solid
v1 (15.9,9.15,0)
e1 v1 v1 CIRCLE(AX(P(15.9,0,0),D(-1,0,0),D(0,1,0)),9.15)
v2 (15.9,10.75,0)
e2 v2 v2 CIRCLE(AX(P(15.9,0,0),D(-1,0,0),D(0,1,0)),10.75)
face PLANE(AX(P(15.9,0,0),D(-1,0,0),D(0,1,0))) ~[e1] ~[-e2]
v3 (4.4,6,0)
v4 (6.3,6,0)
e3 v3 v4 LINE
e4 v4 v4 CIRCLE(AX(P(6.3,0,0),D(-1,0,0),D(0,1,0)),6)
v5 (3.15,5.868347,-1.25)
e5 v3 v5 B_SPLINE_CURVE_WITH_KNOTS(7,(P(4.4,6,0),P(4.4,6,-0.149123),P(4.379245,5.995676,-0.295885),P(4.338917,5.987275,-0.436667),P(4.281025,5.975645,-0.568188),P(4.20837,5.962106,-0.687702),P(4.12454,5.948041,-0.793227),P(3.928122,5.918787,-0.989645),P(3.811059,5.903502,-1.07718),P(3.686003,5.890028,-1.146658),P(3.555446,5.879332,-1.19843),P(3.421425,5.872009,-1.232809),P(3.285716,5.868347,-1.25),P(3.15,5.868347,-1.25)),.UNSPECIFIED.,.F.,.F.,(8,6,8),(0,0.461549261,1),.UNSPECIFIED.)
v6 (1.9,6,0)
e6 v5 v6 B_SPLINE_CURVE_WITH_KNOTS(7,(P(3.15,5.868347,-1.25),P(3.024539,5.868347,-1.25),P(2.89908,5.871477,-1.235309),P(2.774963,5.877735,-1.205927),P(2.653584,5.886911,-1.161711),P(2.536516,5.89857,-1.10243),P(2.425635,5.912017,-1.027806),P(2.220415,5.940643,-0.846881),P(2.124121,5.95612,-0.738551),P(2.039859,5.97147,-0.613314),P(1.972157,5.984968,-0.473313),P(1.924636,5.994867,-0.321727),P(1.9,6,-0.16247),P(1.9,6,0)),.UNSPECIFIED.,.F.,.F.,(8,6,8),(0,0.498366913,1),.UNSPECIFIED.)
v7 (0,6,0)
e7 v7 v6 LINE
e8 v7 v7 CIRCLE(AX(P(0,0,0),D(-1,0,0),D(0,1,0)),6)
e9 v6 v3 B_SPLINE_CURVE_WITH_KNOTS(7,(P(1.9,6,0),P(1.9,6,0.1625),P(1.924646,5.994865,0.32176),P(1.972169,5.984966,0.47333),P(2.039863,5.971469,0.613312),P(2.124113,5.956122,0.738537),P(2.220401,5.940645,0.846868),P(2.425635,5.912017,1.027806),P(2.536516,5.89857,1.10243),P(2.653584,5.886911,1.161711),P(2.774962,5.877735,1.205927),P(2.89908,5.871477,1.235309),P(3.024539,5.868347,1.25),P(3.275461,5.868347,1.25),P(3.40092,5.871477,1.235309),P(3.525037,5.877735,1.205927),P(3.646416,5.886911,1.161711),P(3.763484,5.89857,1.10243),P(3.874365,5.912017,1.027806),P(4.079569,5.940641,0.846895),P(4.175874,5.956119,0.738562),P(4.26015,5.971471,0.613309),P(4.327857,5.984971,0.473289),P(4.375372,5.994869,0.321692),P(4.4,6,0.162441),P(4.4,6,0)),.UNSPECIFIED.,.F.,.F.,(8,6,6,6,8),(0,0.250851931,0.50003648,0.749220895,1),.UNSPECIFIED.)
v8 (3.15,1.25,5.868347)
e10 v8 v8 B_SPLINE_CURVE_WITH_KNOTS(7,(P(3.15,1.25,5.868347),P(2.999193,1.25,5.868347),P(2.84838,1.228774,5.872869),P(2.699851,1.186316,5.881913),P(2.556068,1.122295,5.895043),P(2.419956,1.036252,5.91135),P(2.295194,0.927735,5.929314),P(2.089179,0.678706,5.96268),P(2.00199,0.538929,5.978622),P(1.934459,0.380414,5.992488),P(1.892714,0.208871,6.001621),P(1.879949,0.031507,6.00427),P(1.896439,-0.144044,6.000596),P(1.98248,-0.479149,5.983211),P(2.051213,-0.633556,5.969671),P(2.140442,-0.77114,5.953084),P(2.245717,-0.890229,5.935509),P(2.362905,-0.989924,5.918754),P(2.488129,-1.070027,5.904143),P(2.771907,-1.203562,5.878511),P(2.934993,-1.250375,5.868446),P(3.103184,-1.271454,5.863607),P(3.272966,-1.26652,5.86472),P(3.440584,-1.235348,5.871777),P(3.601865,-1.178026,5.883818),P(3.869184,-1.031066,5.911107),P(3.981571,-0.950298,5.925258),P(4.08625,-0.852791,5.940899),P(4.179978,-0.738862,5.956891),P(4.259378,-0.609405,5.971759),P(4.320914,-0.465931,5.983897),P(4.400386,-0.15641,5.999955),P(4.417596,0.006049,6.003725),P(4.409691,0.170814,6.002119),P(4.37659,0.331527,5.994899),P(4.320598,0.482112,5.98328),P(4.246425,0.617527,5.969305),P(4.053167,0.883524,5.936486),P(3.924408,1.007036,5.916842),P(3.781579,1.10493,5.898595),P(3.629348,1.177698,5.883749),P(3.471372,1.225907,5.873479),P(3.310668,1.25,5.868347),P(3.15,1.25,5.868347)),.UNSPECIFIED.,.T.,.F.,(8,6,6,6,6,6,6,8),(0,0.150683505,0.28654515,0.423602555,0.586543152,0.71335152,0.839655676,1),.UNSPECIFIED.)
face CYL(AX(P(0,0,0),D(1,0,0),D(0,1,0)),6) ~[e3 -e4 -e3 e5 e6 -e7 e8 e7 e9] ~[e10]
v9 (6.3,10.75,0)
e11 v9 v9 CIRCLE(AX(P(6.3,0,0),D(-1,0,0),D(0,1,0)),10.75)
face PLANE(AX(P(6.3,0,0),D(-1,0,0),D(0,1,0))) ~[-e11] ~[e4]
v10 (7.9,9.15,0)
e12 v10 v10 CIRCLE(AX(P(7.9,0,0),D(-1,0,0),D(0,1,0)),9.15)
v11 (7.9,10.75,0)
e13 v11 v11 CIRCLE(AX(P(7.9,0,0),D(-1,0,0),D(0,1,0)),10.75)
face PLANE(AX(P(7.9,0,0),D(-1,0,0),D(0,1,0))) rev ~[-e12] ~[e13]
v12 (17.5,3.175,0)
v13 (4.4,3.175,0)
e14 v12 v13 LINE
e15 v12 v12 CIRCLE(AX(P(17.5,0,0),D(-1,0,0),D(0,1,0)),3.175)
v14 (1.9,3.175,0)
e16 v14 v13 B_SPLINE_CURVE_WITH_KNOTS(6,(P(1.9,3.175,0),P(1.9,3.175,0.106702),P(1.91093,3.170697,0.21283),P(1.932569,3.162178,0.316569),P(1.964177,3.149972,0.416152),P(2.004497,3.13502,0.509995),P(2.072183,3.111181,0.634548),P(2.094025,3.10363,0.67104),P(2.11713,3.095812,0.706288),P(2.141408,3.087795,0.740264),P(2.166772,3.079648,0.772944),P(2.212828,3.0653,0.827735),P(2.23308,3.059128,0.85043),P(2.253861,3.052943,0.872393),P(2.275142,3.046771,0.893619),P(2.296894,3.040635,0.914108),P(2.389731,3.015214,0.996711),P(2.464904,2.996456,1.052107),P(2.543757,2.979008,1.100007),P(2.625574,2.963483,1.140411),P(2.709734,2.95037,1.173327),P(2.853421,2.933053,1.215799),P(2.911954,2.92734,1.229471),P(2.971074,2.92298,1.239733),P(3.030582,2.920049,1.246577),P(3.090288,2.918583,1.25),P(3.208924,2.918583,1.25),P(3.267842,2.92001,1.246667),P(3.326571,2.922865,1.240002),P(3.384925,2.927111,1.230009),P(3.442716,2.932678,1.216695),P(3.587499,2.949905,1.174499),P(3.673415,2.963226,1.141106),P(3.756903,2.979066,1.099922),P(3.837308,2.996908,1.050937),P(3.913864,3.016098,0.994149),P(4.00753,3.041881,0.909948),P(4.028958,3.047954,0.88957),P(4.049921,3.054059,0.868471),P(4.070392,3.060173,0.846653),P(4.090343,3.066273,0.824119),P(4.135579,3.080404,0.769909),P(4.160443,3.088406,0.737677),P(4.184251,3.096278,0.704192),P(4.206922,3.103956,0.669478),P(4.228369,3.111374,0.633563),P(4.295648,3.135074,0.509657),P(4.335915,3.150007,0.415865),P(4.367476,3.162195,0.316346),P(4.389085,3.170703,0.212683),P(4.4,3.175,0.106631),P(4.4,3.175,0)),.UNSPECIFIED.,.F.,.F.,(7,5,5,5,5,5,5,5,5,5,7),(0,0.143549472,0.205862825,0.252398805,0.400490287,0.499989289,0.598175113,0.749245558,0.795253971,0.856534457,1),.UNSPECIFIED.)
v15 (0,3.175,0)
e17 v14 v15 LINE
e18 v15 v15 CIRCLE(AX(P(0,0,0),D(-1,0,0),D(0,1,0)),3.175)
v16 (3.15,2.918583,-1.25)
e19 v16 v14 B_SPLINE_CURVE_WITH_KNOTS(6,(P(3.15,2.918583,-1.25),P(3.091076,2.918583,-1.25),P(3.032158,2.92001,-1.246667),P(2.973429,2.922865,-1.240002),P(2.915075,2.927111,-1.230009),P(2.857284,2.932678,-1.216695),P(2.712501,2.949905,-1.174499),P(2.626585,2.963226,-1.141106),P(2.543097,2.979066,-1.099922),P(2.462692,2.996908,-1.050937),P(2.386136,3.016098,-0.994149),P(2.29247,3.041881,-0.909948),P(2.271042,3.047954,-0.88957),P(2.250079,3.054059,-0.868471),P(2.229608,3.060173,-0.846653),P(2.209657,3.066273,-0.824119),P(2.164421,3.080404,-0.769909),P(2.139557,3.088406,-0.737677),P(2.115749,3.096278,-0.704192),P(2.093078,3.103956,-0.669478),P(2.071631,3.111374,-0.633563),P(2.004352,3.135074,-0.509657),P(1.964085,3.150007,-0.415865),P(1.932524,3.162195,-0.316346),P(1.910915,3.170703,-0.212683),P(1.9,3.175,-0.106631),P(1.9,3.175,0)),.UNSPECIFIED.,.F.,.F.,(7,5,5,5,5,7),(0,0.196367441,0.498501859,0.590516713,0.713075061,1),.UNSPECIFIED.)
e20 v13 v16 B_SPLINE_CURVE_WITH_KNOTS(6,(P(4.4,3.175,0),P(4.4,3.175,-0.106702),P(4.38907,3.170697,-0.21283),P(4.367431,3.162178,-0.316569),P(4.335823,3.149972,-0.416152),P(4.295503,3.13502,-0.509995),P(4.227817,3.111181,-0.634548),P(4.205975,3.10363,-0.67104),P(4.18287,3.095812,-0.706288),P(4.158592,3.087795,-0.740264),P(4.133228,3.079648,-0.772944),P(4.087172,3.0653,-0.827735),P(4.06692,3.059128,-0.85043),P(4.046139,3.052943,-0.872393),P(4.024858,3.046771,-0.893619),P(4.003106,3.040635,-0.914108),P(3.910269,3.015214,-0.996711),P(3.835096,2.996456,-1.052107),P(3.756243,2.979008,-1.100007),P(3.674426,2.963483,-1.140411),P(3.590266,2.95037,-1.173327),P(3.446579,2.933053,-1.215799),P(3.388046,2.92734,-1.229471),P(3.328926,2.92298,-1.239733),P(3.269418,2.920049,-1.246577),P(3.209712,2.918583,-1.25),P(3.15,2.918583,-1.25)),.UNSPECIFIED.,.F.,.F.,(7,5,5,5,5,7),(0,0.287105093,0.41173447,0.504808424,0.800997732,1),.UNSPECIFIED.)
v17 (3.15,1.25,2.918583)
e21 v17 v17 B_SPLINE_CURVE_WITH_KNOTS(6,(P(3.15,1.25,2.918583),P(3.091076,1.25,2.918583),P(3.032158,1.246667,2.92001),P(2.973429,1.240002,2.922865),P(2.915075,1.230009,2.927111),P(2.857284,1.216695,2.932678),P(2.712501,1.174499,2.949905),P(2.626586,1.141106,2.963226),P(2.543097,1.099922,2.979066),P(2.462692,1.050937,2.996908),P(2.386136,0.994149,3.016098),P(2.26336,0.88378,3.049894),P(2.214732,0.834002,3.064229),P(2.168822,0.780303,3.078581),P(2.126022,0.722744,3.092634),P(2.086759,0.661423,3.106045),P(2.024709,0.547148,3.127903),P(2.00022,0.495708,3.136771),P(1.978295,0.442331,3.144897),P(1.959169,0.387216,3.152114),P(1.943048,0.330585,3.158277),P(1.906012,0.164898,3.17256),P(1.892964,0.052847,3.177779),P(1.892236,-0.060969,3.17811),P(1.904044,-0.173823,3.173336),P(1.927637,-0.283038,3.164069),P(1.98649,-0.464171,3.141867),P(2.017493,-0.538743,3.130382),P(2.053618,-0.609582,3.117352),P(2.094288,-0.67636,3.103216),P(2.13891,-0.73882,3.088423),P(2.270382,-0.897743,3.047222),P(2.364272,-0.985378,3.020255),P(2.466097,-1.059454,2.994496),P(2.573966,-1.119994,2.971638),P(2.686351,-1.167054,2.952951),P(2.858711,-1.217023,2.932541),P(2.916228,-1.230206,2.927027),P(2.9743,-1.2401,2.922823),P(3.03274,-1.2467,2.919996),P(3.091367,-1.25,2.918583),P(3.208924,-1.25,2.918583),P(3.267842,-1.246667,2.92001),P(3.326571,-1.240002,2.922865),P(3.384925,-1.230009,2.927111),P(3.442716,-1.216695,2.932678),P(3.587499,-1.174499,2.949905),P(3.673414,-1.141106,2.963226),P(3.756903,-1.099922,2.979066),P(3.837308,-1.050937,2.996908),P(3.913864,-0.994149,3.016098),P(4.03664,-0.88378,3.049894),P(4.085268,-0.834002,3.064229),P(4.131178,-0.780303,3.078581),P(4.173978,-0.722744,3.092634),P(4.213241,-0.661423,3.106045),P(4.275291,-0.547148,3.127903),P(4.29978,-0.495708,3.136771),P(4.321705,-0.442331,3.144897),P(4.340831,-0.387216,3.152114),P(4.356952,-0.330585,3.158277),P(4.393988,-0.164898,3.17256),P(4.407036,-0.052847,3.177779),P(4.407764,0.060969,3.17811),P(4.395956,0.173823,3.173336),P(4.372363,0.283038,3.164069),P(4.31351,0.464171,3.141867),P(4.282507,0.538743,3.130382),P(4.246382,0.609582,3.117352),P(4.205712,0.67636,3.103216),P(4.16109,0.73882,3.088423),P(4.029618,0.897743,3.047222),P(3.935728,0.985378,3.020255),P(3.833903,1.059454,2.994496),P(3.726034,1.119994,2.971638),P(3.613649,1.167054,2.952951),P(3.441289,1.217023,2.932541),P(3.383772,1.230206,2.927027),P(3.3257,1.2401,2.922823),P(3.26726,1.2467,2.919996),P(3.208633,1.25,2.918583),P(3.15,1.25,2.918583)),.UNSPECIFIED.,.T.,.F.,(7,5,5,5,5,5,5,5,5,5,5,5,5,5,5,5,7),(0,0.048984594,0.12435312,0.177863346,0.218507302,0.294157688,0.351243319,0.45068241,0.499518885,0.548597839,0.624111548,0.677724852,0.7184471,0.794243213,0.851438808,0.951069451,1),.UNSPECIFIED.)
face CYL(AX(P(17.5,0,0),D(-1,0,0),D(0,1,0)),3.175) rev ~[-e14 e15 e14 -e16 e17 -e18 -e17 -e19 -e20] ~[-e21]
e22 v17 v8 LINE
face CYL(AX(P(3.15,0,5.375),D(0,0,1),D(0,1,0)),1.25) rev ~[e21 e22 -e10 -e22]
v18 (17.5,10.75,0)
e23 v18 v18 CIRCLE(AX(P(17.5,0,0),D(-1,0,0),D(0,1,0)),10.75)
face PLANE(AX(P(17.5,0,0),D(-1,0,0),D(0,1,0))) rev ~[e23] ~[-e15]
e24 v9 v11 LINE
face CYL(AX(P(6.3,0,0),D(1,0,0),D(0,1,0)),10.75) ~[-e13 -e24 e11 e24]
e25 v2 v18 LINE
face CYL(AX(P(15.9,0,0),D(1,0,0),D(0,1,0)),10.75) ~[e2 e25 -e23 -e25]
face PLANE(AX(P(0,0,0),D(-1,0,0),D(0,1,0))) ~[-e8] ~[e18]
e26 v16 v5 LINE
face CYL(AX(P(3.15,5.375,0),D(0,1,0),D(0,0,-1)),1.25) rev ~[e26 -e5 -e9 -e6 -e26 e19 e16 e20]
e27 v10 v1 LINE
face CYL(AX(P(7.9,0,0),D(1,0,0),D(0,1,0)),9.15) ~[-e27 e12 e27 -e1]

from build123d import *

# Parameters (mm, degrees)
SKETCH2_W = 1.25
SKETCH2_H = 10.75
SKETCH4_W = 1.25
SKETCH4_H = 10.75


with BuildPart() as part:
    # Sketch1 → Revolve1 (revolve)
    with BuildSketch(Plane.XY):
        Polygon((0, 3.175), (0, 6), (6.3, 6), (6.3, 10.75), (7.9, 10.75), (7.9, 9.15), (15.9, 9.15), (15.9, 10.75), (17.5, 10.75), (17.5, 3.175), align=None)
    revolve(axis=Axis((0, 0, 0), (-1, 0, 0)))

    # Sketch2 → M3x0.5 Tapped Hole1 (revolve, cut)
    with BuildSketch(Plane(origin=(3.15, 0, 0), x_dir=(0, 0, -1), z_dir=(1, 0, 0))):
        with Locations((0.625, 5.375)):
            Rectangle(SKETCH2_W, SKETCH2_H)
    revolve(axis=Axis((3.15, -6.35, 0), (0, 1, 0)), mode=Mode.SUBTRACT)

    # Sketch4 → M3x0.5 Tapped Hole2 (revolve, cut)
    with BuildSketch(Plane.YZ.offset(3.15)):
        with Locations((0.625, 5.375)):
            Rectangle(SKETCH4_W, SKETCH4_H)
    revolve(axis=Axis((3.15, 0, -6.35), (0, 0, 1)), mode=Mode.SUBTRACT)


solid = part.part
